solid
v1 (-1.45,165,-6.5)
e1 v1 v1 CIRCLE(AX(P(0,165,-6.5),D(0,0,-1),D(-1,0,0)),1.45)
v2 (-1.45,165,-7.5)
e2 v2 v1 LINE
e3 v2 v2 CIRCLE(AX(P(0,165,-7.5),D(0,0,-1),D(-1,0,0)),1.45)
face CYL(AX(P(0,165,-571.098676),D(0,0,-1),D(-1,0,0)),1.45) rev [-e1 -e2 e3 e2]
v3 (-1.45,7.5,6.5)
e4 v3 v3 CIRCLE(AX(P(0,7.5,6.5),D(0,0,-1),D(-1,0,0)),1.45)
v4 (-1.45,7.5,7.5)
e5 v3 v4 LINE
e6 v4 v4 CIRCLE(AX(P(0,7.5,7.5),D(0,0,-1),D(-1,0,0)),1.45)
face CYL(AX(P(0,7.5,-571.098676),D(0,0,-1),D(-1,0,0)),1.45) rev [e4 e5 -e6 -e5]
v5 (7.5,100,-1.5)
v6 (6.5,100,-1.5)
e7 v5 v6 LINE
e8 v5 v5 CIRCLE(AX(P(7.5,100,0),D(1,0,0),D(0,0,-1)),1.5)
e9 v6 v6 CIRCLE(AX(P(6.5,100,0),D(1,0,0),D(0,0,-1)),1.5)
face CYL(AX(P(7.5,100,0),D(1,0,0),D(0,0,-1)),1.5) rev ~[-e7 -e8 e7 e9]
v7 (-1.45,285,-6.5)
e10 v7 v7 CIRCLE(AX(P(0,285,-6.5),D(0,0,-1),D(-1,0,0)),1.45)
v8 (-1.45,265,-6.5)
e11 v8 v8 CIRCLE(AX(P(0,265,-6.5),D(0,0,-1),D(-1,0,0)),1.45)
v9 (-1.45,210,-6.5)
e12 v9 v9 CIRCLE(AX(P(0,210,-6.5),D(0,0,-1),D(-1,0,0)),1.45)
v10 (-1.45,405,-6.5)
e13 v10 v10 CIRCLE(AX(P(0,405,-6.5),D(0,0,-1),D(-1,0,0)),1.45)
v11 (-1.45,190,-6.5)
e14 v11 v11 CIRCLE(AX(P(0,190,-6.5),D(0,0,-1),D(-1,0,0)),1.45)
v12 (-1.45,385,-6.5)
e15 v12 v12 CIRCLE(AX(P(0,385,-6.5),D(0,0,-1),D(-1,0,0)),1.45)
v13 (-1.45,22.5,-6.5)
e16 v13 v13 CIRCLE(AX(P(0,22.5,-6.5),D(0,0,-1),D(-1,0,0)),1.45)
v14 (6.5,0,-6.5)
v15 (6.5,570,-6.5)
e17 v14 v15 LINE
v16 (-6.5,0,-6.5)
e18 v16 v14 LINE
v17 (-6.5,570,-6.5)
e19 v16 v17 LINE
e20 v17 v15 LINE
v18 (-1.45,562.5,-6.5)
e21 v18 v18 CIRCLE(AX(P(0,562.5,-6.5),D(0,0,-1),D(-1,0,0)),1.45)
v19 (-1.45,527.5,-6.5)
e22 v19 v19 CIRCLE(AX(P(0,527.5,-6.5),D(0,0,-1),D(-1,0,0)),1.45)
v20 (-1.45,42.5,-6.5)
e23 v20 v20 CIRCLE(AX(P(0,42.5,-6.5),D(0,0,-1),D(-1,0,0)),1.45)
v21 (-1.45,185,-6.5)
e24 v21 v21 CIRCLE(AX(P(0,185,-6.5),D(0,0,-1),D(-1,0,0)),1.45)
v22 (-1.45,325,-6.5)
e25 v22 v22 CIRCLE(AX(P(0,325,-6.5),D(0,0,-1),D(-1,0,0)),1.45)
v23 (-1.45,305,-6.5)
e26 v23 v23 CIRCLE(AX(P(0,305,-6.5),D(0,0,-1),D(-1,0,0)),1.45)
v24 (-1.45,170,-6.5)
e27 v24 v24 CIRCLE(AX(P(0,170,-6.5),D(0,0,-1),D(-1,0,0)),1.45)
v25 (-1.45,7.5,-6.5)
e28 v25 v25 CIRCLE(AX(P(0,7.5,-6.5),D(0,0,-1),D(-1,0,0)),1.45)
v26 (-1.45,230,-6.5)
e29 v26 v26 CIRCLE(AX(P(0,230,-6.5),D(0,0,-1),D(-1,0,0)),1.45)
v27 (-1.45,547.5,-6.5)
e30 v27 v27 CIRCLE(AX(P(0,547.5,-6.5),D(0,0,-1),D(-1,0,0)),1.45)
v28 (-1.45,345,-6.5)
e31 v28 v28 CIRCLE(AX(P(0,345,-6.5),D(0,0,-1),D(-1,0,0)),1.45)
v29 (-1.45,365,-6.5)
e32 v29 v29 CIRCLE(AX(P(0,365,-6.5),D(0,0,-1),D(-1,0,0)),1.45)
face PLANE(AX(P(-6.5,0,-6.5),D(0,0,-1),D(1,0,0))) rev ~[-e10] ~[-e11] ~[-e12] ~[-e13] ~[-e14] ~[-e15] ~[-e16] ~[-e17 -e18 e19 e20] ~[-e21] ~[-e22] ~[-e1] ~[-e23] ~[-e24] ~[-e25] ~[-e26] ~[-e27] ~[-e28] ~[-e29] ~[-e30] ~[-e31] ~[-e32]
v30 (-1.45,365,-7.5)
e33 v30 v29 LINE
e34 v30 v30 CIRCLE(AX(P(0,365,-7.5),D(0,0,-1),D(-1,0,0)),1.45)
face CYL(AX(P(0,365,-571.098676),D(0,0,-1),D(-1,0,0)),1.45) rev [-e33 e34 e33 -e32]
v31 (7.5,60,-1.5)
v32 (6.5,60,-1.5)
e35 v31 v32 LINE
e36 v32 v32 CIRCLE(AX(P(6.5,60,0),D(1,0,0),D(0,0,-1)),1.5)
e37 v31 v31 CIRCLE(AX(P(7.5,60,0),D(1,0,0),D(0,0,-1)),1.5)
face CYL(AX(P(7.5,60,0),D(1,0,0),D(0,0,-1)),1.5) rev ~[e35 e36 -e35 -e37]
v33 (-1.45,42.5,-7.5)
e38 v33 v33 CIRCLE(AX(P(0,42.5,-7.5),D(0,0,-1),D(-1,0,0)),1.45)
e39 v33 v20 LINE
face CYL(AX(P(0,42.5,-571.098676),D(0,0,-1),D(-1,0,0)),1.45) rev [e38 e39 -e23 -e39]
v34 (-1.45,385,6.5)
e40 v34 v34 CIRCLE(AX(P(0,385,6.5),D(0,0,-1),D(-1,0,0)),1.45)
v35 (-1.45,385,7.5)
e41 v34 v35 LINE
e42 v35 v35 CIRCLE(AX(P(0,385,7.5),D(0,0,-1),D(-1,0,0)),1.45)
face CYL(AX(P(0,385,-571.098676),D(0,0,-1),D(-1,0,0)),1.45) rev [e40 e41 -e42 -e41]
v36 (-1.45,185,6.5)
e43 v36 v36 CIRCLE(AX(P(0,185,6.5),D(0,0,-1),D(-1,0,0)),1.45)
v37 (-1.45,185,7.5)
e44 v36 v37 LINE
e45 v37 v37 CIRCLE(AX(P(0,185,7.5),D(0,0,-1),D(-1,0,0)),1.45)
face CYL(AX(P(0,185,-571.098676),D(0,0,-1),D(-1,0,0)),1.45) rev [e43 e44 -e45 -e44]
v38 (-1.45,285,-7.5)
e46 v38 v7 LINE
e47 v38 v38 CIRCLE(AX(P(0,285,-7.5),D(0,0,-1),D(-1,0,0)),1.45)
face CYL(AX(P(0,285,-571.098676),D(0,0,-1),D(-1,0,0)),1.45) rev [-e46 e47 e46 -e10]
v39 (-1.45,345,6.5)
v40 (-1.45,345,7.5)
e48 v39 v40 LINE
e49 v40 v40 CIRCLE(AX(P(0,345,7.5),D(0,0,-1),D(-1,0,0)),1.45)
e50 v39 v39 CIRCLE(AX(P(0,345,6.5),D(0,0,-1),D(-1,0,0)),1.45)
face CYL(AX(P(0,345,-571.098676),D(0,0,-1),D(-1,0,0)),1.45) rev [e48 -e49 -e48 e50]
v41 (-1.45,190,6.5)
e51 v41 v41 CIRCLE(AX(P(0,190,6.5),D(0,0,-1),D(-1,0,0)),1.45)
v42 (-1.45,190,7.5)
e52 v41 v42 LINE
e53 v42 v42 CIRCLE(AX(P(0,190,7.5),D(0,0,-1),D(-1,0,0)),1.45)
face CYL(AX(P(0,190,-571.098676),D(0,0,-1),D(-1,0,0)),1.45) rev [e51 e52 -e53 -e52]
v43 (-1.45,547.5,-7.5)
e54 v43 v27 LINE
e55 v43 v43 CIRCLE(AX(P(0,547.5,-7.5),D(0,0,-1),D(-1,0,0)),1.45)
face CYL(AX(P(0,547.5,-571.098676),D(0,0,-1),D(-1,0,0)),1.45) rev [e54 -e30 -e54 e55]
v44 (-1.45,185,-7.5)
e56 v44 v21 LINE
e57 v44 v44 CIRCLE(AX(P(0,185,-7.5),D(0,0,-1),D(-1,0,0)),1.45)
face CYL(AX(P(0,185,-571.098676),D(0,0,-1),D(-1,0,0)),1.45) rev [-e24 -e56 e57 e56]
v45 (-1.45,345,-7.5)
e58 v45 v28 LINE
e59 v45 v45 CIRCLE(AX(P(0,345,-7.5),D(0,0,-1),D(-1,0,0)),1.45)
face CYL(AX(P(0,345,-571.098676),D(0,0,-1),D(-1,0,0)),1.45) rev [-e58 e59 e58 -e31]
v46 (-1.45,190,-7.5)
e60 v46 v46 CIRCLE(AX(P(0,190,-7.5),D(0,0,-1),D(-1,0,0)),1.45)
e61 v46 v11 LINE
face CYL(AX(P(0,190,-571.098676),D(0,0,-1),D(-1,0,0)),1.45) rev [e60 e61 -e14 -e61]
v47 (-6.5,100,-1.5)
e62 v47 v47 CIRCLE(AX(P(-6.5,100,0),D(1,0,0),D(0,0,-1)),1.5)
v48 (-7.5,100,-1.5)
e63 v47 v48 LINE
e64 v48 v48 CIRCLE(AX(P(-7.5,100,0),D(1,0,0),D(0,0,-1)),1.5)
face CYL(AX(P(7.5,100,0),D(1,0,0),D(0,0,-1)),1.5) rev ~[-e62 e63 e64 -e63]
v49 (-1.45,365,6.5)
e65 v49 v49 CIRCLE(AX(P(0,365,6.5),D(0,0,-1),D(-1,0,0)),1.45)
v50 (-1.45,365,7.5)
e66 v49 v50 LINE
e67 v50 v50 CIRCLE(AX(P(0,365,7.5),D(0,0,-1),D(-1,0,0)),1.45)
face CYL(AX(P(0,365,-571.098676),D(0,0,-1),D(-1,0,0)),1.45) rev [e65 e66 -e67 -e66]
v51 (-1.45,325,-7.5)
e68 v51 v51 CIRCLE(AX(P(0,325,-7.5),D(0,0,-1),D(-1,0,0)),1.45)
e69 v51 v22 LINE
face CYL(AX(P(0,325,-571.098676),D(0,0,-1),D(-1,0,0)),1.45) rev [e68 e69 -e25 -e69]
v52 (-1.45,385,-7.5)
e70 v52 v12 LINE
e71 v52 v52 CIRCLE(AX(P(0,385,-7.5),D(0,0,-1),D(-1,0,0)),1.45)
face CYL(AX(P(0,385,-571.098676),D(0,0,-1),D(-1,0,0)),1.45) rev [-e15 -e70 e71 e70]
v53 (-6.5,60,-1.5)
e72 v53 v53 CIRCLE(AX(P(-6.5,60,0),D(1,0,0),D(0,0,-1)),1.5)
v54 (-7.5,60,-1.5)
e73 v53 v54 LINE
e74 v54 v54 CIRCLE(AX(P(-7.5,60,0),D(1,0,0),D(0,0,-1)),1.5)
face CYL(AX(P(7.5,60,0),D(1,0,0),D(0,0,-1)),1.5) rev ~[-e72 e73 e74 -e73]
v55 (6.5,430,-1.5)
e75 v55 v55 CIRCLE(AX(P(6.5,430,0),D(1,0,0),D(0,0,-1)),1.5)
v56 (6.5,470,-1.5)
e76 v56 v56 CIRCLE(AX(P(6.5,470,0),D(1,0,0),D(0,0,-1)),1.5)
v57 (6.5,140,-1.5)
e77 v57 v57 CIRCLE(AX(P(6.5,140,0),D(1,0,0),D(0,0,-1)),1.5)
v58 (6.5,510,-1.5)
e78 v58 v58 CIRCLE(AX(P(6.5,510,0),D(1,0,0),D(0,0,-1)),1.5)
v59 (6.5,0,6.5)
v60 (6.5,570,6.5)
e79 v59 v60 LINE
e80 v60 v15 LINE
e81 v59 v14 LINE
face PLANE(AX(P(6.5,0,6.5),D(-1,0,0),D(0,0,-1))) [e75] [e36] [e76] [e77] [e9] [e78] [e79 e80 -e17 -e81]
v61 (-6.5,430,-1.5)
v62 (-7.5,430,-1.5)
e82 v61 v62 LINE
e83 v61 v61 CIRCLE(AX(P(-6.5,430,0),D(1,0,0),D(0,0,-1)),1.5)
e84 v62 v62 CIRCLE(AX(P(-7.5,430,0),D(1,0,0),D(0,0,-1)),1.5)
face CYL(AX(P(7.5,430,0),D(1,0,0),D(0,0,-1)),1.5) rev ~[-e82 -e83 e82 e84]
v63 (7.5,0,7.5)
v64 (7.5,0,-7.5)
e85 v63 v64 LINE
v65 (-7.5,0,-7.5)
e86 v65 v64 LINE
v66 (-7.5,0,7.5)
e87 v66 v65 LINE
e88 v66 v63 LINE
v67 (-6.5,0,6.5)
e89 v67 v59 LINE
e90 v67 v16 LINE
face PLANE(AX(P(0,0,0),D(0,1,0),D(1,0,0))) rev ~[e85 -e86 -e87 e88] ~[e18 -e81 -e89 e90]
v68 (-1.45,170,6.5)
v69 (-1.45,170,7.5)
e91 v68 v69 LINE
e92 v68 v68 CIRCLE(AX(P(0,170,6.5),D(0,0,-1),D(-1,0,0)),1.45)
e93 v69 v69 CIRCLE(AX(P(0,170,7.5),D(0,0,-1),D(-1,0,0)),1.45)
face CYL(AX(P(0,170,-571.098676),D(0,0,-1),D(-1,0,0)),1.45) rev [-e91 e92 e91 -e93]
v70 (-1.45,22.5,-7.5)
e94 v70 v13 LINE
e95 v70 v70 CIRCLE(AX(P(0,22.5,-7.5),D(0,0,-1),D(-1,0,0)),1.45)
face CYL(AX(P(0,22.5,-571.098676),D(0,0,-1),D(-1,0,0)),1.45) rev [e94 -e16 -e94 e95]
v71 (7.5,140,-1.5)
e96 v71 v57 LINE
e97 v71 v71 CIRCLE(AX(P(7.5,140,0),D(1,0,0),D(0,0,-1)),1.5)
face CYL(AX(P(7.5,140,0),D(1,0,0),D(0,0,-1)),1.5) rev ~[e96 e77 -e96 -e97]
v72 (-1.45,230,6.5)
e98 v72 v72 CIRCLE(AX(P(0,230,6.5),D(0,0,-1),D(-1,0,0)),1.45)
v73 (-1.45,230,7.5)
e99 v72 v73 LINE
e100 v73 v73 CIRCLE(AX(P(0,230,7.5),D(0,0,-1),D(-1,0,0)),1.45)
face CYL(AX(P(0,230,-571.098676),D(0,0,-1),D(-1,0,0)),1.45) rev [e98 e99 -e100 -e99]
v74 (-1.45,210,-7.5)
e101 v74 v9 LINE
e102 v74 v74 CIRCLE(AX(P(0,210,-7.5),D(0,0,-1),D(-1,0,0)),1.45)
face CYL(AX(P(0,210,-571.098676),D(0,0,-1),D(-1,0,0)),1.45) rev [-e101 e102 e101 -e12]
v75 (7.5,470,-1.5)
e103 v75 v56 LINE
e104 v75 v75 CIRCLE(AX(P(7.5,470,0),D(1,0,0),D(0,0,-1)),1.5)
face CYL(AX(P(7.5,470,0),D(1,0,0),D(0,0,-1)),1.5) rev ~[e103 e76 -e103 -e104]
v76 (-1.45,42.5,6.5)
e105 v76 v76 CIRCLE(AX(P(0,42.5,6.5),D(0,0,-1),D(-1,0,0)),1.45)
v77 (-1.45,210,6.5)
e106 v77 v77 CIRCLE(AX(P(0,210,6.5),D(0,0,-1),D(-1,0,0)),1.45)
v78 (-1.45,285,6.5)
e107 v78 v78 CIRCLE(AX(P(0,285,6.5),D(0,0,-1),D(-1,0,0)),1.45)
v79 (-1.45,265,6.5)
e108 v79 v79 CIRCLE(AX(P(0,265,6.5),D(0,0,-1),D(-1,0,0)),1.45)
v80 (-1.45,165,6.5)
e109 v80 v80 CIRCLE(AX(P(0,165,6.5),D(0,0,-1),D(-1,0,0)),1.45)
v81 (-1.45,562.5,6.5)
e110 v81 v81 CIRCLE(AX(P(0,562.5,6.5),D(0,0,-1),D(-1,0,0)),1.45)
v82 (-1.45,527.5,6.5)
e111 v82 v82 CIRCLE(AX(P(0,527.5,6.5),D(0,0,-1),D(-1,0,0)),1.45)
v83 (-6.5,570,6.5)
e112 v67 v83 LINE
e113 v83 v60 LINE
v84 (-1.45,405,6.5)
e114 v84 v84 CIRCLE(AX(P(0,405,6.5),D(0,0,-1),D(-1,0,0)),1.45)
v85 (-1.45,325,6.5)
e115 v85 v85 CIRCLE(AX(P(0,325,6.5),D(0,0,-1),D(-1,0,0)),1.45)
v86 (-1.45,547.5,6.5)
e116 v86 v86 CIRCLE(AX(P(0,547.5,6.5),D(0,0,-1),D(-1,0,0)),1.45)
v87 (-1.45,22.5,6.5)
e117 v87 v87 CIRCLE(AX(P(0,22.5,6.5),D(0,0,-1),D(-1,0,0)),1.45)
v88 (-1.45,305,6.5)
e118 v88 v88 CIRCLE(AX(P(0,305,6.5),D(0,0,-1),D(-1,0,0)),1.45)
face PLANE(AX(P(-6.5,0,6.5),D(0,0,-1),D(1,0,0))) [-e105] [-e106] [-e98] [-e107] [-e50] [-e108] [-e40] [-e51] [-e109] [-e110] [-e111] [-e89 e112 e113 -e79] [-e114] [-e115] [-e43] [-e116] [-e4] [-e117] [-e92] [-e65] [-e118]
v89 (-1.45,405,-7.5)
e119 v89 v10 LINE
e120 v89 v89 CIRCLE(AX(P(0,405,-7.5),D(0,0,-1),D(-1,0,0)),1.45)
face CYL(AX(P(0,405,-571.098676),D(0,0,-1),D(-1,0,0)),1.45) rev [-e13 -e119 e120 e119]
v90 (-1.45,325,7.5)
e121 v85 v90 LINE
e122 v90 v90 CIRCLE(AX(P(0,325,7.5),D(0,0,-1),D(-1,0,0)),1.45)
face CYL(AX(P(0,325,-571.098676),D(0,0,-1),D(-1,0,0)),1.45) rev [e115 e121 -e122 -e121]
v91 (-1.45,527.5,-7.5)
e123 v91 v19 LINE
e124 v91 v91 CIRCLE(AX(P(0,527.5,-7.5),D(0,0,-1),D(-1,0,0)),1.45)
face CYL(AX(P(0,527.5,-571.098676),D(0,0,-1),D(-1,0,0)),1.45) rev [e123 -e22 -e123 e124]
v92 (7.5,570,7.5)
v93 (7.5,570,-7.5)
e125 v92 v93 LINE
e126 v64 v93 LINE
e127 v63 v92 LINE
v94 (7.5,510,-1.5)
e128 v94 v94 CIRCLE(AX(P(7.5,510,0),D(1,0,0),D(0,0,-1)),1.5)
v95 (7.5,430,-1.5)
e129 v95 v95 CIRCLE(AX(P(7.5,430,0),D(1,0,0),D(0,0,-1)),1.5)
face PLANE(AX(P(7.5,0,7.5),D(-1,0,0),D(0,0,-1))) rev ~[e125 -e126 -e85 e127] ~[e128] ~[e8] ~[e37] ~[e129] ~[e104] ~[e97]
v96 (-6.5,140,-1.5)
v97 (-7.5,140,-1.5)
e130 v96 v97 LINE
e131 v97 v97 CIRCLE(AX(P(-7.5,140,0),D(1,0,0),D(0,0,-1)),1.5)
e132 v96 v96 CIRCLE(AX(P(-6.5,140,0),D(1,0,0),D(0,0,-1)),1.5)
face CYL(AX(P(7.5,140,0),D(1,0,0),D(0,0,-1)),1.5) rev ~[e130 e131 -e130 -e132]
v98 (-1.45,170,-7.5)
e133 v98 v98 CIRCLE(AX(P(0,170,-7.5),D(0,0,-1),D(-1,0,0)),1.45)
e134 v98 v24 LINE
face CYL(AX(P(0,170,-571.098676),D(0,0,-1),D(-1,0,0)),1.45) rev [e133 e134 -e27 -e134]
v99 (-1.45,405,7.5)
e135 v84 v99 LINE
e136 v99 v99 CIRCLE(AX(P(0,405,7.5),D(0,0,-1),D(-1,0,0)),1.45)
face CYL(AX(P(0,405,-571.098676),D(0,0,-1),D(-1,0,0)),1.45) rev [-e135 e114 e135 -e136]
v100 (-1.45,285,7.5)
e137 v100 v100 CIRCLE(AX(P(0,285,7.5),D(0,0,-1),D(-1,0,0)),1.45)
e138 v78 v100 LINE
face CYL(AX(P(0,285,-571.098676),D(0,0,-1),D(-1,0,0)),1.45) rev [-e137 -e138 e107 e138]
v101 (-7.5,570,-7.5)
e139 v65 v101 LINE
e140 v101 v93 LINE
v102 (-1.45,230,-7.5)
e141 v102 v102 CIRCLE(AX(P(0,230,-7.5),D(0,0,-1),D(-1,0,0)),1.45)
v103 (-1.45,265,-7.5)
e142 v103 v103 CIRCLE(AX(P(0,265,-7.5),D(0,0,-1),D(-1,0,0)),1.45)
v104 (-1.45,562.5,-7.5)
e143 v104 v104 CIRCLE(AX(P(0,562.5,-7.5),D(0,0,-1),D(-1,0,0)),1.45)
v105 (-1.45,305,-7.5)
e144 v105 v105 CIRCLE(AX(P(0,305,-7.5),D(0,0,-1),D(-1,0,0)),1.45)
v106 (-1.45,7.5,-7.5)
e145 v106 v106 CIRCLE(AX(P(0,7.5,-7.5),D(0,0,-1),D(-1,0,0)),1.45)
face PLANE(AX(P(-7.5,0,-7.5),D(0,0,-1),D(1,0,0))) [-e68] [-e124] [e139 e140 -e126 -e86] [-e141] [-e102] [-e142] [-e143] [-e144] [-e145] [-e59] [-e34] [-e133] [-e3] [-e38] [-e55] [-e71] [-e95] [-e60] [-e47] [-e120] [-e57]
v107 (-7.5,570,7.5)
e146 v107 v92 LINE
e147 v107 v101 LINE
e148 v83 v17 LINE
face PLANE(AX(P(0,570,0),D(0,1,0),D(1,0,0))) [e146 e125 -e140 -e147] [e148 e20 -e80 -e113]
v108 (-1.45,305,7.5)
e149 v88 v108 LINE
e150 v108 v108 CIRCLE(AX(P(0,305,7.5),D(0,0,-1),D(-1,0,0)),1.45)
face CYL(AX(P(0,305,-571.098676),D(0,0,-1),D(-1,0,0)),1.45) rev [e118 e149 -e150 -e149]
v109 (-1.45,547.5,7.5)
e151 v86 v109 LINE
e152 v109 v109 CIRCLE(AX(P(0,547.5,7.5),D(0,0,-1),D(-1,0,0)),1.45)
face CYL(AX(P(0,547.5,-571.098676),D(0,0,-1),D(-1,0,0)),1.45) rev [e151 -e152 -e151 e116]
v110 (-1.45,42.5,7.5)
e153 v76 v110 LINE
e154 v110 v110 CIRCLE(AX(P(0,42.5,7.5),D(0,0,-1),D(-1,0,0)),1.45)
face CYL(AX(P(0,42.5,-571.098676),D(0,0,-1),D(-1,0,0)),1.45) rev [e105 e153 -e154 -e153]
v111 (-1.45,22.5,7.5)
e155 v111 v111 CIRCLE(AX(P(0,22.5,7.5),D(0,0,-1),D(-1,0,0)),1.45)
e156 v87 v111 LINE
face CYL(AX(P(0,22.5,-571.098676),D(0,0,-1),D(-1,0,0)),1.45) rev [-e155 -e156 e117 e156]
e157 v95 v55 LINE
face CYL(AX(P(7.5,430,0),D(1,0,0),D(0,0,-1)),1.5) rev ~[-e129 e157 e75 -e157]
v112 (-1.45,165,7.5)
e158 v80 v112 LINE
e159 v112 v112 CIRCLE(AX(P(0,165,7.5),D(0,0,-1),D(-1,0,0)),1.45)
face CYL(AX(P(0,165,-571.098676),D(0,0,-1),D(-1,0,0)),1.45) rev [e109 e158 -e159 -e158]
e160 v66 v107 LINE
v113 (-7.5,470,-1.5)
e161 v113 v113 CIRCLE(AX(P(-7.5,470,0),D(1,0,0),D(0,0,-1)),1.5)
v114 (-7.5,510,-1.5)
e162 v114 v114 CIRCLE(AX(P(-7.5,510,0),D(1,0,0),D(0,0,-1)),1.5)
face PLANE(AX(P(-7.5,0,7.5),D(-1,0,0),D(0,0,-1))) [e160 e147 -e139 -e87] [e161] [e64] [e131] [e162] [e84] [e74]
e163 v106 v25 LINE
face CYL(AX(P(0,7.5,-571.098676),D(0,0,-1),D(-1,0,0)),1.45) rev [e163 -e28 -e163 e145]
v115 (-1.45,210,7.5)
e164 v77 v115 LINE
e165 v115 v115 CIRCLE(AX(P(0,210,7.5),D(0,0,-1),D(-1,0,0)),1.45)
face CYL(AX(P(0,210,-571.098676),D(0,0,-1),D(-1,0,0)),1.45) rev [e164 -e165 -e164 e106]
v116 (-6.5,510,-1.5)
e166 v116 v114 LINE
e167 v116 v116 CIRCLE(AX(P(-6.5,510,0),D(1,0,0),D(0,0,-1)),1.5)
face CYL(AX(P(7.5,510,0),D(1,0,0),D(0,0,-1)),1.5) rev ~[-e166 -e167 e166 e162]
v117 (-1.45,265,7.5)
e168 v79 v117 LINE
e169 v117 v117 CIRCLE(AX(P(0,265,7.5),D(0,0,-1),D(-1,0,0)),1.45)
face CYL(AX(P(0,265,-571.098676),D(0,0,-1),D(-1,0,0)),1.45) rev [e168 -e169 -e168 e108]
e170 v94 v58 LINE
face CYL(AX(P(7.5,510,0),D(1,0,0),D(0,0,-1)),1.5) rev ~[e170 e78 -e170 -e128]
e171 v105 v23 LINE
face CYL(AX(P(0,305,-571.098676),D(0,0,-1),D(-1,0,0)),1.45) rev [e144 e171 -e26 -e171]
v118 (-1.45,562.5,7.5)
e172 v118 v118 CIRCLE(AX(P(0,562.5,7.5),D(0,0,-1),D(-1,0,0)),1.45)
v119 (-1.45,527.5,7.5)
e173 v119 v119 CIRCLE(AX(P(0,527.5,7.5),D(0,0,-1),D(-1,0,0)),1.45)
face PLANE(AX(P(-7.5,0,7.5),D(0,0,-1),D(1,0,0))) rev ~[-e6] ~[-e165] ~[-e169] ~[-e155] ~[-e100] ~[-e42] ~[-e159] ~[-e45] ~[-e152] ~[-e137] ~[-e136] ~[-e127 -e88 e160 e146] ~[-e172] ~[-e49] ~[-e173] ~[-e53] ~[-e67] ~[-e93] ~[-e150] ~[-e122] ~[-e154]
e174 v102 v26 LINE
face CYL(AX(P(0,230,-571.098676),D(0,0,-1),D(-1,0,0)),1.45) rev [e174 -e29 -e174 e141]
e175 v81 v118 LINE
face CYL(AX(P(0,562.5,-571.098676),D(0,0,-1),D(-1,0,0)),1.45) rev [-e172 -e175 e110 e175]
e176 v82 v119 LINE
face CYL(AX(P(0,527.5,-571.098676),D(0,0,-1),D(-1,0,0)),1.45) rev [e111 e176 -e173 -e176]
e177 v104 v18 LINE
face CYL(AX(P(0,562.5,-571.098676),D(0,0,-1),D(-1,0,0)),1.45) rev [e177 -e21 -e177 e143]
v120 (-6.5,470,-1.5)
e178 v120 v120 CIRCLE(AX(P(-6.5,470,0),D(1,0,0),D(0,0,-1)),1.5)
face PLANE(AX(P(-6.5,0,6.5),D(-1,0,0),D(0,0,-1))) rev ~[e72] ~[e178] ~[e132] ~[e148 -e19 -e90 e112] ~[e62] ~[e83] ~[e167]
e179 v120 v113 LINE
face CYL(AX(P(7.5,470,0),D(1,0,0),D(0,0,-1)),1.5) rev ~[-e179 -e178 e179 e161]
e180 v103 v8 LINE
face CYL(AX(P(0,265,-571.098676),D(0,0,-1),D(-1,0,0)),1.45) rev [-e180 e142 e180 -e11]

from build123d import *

# Parameters (mm, degrees)
SKETCH_1_W               = 15
SKETCH_1_H               = 15
SKETCH_1_W_2             = 13
SKETCH_1_H_2             = 13
EXTRUDE_1_DEPTH          = 570
CUT_EXTRUDE_1_DEPTH      = 10
CUT_EXTRUDE_1_DEPTH_BACK = 571.098675669
SKETCH_2_R               = 1.45
SKETCH_3_R               = 1.5
CUT_EXTRUDE_2_DEPTH      = 571.246657158


with BuildPart() as part:
    # 草图1 → 拉伸-薄壁1 (new body)
    with BuildSketch(Plane(origin=(0, 0, 0), x_dir=(1, 0, 0), z_dir=(0, 1, 0))):
        Rectangle(SKETCH_1_W, SKETCH_1_H)
        Rectangle(SKETCH_1_W_2, SKETCH_1_H_2, mode=Mode.SUBTRACT)
    extrude(amount=EXTRUDE_1_DEPTH)

    # 草图2 → 切除-拉伸1 (cut, two sides: drawn at the far end of the back side and taken through both)
    with BuildSketch(Plane.XY.offset(-CUT_EXTRUDE_1_DEPTH_BACK)):
        with Locations(Location((0, 7.5, 0), (0, 0, 180))):
            Circle(SKETCH_2_R)
        with Locations(Location((0, 22.5, 0), (0, 0, 180))):
            Circle(SKETCH_2_R)
        with Locations(Location((0, 42.5, 0), (0, 0, 180))):
            Circle(SKETCH_2_R)
        with Locations(Location((0, 527.5, 0), (0, 0, 180))):
            Circle(SKETCH_2_R)
        with Locations(Location((0, 547.5, 0), (0, 0, 180))):
            Circle(SKETCH_2_R)
        with Locations(Location((0, 562.5, 0), (0, 0, 180))):
            Circle(SKETCH_2_R)
        with Locations(Location((0, 285, 0), (0, 0, 180))):
            Circle(SKETCH_2_R)
        with Locations(Location((0, 305, 0), (0, 0, 180))):
            Circle(SKETCH_2_R)
        with Locations(Location((0, 265, 0), (0, 0, 180))):
            Circle(SKETCH_2_R)
        with Locations(Location((0, 190, 0), (0, 0, 180))):
            Circle(SKETCH_2_R)
        with Locations(Location((0, 170, 0), (0, 0, 180))):
            Circle(SKETCH_2_R)
        with Locations(Location((0, 230, 0), (0, 0, 180))):
            Circle(SKETCH_2_R)
        with Locations(Location((0, 210, 0), (0, 0, 180))):
            Circle(SKETCH_2_R)
        with Locations(Location((0, 405, 0), (0, 0, 180))):
            Circle(SKETCH_2_R)
        with Locations(Location((0, 385, 0), (0, 0, 180))):
            Circle(SKETCH_2_R)
        with Locations(Location((0, 185, 0), (0, 0, 180))):
            Circle(SKETCH_2_R)
        with Locations(Location((0, 165, 0), (0, 0, 180))):
            Circle(SKETCH_2_R)
        with Locations(Location((0, 325, 0), (0, 0, 180))):
            Circle(SKETCH_2_R)
        with Locations(Location((0, 345, 0), (0, 0, 180))):
            Circle(SKETCH_2_R)
        with Locations(Location((0, 365, 0), (0, 0, 180))):
            Circle(SKETCH_2_R)
    extrude(amount=CUT_EXTRUDE_1_DEPTH + CUT_EXTRUDE_1_DEPTH_BACK, mode=Mode.SUBTRACT)

    # 草图3 → 切除-拉伸2 (cut, through all)
    with BuildSketch(Plane(origin=(7.5, 0, 0), x_dir=(0, 0, -1), z_dir=(1, 0, 0))):
        with Locations((0, 60)):
            Circle(SKETCH_3_R)
        with Locations((0, 100)):
            Circle(SKETCH_3_R)
        with Locations((0, 470)):
            Circle(SKETCH_3_R)
        with Locations((0, 510)):
            Circle(SKETCH_3_R)
        with Locations((0, 140)):
            Circle(SKETCH_3_R)
        with Locations((0, 430)):
            Circle(SKETCH_3_R)
    extrude(amount=-CUT_EXTRUDE_2_DEPTH, mode=Mode.SUBTRACT)


solid = part.part
